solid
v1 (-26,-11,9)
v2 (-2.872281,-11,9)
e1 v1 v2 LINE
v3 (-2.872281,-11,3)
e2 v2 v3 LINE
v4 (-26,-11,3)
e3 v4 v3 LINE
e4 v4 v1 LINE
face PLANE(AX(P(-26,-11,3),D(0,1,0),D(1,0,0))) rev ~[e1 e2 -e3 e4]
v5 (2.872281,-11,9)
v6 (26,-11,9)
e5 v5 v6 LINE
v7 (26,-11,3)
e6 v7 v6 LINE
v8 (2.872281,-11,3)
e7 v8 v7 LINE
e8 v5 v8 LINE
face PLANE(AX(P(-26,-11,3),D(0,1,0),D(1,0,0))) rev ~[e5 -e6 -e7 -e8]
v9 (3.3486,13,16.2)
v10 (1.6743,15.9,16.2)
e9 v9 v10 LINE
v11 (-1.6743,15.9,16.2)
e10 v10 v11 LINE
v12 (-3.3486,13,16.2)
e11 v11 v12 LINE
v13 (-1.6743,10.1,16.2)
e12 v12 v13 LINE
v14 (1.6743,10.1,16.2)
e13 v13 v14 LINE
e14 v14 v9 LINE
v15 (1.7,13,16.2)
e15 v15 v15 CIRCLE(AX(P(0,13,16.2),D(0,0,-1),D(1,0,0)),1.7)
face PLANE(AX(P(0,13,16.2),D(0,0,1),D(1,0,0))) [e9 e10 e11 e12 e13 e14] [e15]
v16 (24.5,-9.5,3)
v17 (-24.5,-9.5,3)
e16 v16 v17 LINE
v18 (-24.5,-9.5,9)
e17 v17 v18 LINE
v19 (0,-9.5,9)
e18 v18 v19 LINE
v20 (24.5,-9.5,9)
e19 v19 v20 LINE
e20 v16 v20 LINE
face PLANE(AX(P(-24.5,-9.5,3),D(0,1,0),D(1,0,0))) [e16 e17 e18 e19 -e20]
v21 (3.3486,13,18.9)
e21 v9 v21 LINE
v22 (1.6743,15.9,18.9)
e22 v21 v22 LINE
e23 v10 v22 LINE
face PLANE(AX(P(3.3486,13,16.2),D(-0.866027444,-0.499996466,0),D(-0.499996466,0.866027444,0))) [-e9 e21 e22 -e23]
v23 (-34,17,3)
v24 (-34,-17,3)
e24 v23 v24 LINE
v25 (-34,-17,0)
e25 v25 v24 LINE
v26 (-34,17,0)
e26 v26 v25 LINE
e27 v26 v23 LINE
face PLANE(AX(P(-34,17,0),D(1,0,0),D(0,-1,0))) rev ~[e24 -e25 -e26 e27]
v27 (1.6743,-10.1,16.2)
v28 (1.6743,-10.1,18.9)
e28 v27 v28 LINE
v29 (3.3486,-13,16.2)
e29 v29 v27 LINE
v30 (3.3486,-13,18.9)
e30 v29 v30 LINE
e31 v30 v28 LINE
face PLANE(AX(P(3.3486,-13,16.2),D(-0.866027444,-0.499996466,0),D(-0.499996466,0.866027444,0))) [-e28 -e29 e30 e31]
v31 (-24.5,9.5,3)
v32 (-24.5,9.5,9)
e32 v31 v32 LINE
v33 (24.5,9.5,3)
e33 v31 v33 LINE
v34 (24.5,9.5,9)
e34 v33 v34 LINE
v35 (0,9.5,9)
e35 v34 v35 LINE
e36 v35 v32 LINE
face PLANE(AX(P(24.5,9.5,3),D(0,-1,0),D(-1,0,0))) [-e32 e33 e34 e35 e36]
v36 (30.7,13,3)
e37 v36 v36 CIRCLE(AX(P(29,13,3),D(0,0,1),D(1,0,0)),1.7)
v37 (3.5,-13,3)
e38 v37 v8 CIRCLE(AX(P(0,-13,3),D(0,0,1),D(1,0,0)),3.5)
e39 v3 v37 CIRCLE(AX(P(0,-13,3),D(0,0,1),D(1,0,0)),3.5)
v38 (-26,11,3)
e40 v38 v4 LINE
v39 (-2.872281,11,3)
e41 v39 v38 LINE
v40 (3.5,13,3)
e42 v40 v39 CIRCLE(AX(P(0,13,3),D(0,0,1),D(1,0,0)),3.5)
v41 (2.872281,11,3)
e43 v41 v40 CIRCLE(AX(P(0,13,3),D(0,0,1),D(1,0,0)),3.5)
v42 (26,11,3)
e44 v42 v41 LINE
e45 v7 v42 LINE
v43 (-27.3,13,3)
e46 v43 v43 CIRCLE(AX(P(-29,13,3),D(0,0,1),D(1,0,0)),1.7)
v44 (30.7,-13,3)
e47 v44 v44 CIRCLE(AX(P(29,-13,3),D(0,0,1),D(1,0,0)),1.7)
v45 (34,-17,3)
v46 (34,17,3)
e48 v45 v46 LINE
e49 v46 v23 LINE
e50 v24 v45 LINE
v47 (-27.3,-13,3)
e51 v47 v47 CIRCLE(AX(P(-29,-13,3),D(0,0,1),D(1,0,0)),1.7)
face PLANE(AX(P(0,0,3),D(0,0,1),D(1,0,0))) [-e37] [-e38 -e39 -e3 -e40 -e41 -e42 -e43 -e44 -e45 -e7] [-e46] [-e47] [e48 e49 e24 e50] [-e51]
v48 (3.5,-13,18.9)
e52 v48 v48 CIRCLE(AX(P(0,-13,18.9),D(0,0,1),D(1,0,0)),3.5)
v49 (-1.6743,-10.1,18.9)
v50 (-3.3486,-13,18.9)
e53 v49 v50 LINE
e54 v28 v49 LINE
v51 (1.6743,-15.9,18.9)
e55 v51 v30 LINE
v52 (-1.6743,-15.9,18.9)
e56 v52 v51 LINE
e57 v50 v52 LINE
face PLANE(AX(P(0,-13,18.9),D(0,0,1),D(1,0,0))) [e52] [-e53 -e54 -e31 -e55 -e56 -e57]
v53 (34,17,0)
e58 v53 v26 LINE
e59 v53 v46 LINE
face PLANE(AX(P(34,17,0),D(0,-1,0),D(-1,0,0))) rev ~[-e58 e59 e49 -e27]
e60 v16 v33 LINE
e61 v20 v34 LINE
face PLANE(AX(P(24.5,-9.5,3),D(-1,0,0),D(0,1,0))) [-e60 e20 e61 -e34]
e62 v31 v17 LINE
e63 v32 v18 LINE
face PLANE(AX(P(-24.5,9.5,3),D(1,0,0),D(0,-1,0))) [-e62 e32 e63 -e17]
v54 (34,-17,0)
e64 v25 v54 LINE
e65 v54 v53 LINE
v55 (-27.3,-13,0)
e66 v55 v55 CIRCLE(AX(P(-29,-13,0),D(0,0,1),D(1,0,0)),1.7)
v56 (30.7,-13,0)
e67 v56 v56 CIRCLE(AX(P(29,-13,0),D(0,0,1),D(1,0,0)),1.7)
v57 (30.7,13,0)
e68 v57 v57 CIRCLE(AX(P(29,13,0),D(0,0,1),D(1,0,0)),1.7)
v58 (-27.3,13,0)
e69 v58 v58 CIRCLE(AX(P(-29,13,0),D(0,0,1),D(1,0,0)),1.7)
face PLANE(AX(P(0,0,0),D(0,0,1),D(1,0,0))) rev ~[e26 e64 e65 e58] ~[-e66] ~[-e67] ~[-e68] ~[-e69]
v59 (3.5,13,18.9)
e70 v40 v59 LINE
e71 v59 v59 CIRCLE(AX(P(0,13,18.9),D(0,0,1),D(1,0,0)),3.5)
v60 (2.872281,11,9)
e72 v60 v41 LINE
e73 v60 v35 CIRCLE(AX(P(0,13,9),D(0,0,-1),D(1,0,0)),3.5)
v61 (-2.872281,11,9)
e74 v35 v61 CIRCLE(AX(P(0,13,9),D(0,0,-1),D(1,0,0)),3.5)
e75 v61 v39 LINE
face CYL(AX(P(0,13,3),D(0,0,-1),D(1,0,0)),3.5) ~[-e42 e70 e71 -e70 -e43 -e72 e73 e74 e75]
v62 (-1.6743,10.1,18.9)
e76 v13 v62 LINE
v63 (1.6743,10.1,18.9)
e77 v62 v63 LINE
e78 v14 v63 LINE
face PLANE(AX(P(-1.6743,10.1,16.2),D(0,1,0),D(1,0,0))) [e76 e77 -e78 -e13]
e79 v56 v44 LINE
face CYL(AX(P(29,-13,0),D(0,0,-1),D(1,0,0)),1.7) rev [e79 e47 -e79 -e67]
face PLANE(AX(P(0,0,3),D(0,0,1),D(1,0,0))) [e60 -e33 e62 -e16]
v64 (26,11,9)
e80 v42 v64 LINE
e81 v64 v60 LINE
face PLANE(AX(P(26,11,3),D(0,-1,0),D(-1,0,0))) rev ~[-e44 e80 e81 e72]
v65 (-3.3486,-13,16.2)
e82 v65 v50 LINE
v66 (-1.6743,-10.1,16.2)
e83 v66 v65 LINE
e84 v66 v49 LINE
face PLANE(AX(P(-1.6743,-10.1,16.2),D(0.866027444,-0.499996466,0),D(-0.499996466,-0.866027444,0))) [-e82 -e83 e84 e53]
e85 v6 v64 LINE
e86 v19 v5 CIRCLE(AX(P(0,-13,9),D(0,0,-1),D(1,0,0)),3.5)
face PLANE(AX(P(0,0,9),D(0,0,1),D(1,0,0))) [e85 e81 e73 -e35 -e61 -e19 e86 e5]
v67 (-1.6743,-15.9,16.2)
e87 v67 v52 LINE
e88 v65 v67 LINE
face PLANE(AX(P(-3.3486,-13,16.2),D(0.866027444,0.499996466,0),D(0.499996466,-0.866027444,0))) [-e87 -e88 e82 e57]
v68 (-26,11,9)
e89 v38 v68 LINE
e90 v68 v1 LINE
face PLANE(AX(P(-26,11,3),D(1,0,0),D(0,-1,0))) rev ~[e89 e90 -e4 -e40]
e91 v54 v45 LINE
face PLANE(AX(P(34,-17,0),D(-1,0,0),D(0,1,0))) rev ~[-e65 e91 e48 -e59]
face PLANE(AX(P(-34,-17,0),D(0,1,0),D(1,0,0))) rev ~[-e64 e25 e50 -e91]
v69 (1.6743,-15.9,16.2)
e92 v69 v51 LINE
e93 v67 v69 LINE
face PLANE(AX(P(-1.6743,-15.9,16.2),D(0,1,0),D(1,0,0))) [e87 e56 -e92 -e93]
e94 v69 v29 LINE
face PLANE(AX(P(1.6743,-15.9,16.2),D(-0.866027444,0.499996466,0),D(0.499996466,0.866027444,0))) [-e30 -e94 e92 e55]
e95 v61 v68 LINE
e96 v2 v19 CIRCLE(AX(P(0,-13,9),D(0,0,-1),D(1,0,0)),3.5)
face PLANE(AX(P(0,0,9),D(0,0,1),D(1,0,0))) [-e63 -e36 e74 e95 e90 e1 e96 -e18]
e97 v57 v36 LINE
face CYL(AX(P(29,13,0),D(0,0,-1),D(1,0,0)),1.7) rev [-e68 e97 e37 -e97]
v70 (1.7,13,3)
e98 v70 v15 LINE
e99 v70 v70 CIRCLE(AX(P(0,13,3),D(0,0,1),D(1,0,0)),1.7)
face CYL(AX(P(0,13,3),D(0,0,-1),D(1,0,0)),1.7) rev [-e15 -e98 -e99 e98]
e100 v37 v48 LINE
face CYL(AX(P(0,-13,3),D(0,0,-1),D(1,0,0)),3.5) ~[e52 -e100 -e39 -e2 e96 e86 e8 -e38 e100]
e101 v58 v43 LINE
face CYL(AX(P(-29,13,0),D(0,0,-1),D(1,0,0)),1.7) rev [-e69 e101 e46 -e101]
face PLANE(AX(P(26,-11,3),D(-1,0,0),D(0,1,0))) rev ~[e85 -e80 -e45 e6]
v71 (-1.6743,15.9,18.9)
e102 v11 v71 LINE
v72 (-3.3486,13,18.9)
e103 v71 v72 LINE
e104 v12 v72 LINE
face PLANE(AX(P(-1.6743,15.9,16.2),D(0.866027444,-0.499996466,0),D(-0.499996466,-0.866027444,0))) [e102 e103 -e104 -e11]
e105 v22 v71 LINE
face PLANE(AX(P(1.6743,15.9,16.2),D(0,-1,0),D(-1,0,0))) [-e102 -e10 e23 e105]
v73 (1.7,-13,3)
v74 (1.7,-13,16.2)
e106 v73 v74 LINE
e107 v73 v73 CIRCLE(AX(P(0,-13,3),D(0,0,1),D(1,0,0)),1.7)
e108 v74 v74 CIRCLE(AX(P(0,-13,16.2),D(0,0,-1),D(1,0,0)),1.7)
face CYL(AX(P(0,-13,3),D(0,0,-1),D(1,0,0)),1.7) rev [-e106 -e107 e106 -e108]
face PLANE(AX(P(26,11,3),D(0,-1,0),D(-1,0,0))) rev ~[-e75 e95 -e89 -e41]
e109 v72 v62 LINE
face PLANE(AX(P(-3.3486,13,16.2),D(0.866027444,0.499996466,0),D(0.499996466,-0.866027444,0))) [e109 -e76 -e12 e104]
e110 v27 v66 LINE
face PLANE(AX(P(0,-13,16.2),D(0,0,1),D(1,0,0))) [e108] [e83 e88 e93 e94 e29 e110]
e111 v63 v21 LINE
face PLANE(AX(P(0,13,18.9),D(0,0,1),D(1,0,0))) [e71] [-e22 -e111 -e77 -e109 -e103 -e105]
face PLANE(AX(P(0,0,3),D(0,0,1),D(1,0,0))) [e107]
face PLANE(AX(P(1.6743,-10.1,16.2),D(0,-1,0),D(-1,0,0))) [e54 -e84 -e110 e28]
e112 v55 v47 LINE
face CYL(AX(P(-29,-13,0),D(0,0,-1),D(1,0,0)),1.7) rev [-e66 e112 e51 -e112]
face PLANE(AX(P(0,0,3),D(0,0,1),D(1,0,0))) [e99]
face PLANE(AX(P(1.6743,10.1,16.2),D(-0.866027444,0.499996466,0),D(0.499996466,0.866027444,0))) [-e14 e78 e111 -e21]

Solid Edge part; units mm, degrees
sketch "Sketch1" plane through (0, 0, 0) normal (0, 0, 1) x (1, 0, 0)
  line L0 (-34, -17) -> (34, -17)
  line L1 (34, -17) -> (34, 17)
  line L2 (34, 17) -> (-34, 17)
  line L3 (-34, 17) -> (-34, -17)
  circle A0 centre (-29, -13) radius 1.7
  circle A1 centre (-29, 13) radius 1.7
  circle A2 centre (29, -13) radius 1.7
  circle A3 centre (29, 13) radius 1.7
extrude "Protrusion1" add sketch "Sketch1" along normal blind 3
sketch "Sketch2" plane through (0, 0, 3) normal (0, 0, 1) x (1, 0, 0)
  line L0 (-26, -11) -> (26, -11)
  line L1 (26, -11) -> (26, 11)
  line L2 (26, 11) -> (-26, 11)
  line L3 (-26, 11) -> (-26, -11)
  line L4 (-24.5, -9.5) -> (24.5, -9.5)
  line L5 (24.5, -9.5) -> (24.5, 9.5)
  line L6 (24.5, 9.5) -> (-24.5, 9.5)
  line L7 (-24.5, 9.5) -> (-24.5, -9.5)
extrude "ExtrudedProtrusion_2" add sketch "Sketch2" along normal blind 6
sketch "Sketch3" plane through (0, 0, 3) normal (0, 0, 1) x (1, 0, 0)
  circle A0 centre (0, -13) radius 3.5
  circle A1 centre (0, -13) radius 1.7
  circle A2 centre (0, 13) radius 3.5
  circle A3 centre (0, 13) radius 1.7
extrude "ExtrudedProtrusion_3" add sketch "Sketch3" along normal blind 15.9
sketch "Sketch4" plane through (0, 0, 16.2) normal (0, 0, 1) x (1, 0, 0)
  line L0 (3.3486, -13) -> (1.6743, -10.1)
  line L1 (1.6743, -10.1) -> (-1.6743, -10.1)
  line L2 (-1.6743, -10.1) -> (-3.3486, -13)
  line L3 (-3.3486, -13) -> (-1.6743, -15.9)
  line L4 (-1.6743, -15.9) -> (1.6743, -15.9)
  line L5 (1.6743, -15.9) -> (3.3486, -13)
  line L6 (3.3486, 13) -> (1.6743, 15.9)
  line L7 (1.6743, 15.9) -> (-1.6743, 15.9)
  line L8 (-1.6743, 15.9) -> (-3.3486, 13)
  line L9 (-3.3486, 13) -> (-1.6743, 10.1)
  line L10 (-1.6743, 10.1) -> (1.6743, 10.1)
  line L11 (1.6743, 10.1) -> (3.3486, 13)
extrude "ExtrudedCutout_1" cut sketch "Sketch4" along normal blind 2.7
